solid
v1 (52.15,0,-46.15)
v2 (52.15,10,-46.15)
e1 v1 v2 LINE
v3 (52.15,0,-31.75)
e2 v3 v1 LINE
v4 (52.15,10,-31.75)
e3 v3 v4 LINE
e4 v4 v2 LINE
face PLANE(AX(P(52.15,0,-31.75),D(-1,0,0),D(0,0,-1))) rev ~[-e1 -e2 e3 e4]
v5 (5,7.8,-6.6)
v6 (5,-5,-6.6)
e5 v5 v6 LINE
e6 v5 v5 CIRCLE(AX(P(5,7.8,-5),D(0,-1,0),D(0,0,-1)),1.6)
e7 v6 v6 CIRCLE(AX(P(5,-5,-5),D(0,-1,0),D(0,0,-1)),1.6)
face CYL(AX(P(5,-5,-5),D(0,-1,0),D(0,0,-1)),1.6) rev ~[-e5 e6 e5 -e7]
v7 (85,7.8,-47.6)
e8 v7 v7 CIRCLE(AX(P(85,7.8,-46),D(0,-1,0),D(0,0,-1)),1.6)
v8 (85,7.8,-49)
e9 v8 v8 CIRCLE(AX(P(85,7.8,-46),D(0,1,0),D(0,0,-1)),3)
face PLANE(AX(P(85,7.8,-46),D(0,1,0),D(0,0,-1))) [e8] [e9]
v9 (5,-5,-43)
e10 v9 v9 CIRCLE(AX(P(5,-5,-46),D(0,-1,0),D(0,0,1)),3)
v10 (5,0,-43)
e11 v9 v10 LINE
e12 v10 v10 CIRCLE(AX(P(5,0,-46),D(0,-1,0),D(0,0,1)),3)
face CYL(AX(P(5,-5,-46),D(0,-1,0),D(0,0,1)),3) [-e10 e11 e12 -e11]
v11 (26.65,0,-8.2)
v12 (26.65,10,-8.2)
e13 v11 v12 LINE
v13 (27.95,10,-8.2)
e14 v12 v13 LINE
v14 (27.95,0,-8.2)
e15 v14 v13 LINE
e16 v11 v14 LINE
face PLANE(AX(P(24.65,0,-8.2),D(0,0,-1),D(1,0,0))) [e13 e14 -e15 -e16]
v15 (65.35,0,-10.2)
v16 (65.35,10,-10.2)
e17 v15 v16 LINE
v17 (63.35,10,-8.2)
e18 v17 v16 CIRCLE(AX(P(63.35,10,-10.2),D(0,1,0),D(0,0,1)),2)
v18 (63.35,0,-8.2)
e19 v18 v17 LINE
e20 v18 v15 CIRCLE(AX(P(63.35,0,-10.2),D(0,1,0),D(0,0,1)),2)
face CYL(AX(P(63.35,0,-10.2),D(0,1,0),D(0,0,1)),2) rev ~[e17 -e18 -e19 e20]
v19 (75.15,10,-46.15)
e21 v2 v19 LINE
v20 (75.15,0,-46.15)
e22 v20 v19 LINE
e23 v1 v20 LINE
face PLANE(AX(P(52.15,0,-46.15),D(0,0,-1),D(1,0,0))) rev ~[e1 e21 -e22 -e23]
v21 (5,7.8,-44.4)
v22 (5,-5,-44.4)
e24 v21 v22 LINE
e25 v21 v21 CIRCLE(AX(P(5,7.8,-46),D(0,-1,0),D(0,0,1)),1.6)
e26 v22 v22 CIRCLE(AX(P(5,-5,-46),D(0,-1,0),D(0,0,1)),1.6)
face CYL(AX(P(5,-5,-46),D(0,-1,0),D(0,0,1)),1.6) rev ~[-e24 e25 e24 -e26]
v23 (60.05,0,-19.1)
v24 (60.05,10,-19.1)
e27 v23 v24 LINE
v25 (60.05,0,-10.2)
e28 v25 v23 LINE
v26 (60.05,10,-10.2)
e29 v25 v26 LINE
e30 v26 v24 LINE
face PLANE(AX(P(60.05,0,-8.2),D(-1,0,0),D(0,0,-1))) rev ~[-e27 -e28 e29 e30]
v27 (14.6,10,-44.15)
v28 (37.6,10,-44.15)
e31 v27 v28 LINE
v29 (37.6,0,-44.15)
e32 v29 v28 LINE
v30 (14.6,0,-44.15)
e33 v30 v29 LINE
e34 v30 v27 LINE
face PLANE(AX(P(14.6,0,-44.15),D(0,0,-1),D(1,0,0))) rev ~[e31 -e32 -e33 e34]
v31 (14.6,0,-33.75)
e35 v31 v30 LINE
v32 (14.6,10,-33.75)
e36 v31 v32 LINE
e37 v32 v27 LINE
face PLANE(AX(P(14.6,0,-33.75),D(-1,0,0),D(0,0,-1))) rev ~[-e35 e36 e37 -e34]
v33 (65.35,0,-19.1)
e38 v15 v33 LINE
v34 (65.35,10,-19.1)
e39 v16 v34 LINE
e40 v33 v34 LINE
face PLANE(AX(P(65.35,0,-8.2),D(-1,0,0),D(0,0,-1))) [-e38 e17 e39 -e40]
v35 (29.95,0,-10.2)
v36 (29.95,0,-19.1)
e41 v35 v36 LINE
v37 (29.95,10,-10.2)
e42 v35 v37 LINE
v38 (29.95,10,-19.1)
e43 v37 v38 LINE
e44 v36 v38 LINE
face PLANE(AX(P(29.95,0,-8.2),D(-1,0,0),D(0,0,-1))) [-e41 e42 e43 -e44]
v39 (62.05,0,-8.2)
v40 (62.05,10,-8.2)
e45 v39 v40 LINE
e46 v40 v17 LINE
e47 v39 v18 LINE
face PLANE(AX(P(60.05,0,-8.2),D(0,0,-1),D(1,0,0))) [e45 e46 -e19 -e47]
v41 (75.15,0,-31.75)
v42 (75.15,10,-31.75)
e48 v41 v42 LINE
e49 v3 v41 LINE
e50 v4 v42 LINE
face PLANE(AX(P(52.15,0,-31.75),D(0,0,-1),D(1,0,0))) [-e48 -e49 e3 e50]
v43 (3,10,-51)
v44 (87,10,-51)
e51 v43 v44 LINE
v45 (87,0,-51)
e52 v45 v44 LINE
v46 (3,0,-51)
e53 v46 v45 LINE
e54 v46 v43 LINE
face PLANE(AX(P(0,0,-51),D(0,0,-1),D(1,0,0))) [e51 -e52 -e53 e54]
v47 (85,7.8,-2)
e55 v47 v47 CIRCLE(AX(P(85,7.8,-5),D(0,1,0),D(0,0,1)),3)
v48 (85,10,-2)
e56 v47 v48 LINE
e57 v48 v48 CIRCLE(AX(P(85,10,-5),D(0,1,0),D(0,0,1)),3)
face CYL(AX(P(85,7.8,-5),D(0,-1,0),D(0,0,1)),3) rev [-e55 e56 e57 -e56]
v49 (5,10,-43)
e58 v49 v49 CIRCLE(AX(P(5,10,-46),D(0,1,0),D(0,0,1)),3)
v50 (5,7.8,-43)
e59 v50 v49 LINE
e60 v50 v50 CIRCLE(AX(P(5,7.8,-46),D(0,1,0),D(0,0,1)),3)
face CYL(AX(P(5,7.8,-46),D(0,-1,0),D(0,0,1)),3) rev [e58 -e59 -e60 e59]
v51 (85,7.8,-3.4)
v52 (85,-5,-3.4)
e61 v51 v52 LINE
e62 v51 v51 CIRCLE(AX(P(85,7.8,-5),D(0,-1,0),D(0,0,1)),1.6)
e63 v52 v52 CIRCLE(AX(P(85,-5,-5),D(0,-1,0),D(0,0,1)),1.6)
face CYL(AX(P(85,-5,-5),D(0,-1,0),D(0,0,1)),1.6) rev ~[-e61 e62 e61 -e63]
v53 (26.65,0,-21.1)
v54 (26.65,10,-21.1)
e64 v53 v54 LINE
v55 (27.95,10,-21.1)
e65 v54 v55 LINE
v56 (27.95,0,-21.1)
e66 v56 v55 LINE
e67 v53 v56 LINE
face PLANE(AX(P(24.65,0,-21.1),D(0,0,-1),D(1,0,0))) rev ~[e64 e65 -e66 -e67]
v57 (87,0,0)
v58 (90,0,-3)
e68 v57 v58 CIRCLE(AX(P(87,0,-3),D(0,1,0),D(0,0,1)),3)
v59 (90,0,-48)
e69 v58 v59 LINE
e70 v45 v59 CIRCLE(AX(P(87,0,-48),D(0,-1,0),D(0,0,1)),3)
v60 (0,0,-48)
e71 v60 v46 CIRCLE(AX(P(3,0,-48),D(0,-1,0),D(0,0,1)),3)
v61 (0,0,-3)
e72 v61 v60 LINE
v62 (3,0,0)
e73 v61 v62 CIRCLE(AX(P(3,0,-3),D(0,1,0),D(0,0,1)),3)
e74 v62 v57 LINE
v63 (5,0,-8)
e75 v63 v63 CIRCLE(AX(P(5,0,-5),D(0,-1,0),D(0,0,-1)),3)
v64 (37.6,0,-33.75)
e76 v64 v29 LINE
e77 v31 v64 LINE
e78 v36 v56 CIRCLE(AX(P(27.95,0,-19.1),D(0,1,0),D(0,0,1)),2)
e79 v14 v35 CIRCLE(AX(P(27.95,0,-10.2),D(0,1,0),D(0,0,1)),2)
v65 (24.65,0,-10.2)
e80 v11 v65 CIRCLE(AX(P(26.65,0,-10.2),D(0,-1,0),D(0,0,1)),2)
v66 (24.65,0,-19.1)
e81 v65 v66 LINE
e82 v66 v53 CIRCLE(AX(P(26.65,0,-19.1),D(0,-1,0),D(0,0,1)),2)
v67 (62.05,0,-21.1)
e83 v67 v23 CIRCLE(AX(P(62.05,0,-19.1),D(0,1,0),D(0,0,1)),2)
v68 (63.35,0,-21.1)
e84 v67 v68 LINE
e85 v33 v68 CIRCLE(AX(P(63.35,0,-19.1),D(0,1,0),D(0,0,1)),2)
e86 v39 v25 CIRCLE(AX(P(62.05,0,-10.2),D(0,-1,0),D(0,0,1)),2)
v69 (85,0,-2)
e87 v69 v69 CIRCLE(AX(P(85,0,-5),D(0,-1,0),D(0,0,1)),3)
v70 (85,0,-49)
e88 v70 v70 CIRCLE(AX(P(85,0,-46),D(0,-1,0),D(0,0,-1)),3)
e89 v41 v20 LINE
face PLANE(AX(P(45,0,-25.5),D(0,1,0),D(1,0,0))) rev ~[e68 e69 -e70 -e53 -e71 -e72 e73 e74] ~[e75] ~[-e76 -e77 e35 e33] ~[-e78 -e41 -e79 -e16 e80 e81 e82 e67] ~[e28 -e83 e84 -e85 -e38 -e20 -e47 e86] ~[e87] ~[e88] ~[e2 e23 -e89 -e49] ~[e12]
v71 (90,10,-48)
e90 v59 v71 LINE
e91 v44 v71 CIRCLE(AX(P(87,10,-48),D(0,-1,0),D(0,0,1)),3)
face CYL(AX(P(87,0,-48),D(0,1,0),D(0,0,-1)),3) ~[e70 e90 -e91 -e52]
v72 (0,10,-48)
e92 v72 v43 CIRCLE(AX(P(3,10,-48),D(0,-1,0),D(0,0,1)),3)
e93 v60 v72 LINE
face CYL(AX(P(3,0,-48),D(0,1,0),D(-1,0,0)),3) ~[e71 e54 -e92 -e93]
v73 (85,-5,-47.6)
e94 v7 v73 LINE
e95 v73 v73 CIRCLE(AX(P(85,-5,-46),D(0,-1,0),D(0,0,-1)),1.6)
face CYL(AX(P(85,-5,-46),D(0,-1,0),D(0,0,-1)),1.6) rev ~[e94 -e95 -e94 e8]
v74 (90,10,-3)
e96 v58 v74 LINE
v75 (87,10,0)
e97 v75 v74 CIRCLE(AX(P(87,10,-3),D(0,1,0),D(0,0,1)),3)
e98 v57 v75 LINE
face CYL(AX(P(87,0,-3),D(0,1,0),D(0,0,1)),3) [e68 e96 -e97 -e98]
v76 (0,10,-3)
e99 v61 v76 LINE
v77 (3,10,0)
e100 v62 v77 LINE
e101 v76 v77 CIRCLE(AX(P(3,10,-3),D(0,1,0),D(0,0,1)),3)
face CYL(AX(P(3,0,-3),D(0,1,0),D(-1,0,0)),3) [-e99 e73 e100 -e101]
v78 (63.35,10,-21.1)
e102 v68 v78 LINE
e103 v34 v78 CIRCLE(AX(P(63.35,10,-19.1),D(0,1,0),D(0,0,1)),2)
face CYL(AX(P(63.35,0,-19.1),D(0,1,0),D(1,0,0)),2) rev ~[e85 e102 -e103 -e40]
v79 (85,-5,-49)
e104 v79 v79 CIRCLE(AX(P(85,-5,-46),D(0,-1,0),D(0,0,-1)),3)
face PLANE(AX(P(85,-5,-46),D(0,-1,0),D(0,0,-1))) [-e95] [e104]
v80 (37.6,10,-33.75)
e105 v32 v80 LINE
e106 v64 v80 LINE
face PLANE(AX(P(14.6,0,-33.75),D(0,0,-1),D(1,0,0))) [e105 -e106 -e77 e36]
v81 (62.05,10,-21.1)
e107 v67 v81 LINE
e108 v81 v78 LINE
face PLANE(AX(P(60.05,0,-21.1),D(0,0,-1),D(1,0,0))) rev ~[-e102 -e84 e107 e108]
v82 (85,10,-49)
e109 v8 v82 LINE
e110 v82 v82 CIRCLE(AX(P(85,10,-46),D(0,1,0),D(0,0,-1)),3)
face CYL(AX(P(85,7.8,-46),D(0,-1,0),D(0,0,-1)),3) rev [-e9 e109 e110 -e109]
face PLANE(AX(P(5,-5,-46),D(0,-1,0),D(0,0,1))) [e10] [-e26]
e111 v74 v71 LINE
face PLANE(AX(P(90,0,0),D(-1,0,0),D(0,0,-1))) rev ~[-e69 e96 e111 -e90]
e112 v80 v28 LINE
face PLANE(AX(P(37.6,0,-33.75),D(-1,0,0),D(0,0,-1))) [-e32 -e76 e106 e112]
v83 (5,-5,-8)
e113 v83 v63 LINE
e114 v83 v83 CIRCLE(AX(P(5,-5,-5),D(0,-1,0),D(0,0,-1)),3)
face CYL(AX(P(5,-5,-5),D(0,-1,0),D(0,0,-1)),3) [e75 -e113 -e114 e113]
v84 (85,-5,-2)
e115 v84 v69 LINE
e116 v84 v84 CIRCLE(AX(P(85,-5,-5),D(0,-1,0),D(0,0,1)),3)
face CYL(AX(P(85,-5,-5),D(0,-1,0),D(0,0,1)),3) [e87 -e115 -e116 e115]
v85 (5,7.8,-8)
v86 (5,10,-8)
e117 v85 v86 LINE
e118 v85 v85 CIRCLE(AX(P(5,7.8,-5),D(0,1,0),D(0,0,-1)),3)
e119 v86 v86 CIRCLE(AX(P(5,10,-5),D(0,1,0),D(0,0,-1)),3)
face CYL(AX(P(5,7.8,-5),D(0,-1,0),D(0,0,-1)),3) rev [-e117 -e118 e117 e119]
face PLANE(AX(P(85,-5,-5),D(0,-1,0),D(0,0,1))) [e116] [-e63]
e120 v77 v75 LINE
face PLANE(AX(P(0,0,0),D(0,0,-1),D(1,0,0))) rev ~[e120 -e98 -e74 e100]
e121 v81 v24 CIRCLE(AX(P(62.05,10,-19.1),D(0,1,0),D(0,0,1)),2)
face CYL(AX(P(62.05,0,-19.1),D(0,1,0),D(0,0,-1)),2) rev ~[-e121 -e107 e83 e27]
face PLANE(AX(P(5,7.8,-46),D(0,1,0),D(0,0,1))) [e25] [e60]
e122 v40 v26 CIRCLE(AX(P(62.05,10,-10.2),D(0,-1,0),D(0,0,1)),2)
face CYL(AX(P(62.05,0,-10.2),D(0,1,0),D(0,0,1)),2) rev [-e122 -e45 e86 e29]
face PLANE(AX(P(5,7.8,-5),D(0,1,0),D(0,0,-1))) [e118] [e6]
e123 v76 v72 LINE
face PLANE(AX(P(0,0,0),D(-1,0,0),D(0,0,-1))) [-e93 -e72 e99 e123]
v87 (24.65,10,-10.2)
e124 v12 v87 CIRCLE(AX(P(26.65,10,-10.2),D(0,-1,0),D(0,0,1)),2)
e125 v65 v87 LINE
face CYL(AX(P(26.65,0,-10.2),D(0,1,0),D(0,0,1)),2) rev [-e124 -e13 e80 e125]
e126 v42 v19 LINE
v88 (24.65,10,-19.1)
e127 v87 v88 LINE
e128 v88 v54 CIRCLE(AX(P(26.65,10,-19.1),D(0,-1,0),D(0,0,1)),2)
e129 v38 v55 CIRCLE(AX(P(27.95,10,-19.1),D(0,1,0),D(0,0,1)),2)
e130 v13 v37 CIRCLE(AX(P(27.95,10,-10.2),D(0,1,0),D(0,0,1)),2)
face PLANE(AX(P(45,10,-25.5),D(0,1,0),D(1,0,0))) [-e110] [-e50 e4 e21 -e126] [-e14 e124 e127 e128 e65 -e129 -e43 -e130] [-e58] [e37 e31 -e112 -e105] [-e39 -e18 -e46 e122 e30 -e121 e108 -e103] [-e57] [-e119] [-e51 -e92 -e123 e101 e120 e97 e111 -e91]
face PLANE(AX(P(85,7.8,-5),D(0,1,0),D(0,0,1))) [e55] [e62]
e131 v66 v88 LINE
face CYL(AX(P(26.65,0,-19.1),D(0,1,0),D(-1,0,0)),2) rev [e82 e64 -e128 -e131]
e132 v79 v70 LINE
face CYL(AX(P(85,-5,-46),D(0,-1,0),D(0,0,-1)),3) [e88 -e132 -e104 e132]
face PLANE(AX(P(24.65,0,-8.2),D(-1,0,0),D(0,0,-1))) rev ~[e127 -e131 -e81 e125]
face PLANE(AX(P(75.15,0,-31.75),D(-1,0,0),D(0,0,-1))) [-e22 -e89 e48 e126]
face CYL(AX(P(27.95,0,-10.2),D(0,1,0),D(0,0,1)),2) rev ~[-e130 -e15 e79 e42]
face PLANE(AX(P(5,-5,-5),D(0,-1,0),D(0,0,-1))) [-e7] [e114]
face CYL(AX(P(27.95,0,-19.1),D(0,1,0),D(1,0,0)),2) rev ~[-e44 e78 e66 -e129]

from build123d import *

# Parameters (mm, degrees)
SKETCH_1_W          = 90
SKETCH_1_H          = 51
SKETCH_1_R          = 1.6
SKETCH_1_W_2        = 23
SKETCH_1_H_2        = 10.4
SKETCH_1_H_3        = 14.4
SKETCH_1_W_3        = 5.3
SKETCH_1_H_4        = 12.9
EXTRUDE_1_DEPTH     = 10
FILLET_1_R          = 2
EXTRUDE_START       = 5
SKETCH_2_R          = 3
SKETCH_2_R_2        = 1.6
EXTRUDE_2_DEPTH     = 5
FILLET_2_R          = 3
CUT_EXTRUDE_START   = -2.2
SKETCH_3_R          = 3
CUT_EXTRUDE_1_DEPTH = 2.2


with BuildPart() as part:
    # ｽｹｯﾁ1 → ﾎﾞｽ - 押し出し1 (new body)
    with BuildSketch(Plane(origin=(0, 0, 0), x_dir=(1, 0, 0), z_dir=(0, 1, 0))):
        with Locations((45, 25.5)):
            Rectangle(SKETCH_1_W, SKETCH_1_H)
        with Locations(Location((5, 46, 0), (0, 0, 270))):
            Circle(SKETCH_1_R, mode=Mode.SUBTRACT)
        with Locations(Location((85, 46, 0), (0, 0, 90))):
            Circle(SKETCH_1_R, mode=Mode.SUBTRACT)
        with Locations(Location((85, 5, 0), (0, 0, 270))):
            Circle(SKETCH_1_R, mode=Mode.SUBTRACT)
        with Locations(Location((5, 5, 0), (0, 0, 90))):
            Circle(SKETCH_1_R, mode=Mode.SUBTRACT)
        with Locations((26.1, 38.95)):
            Rectangle(SKETCH_1_W_2, SKETCH_1_H_2, mode=Mode.SUBTRACT)
        with Locations((63.65, 38.95)):
            Rectangle(SKETCH_1_W_2, SKETCH_1_H_3, mode=Mode.SUBTRACT)
        with Locations((27.3, 14.65)):
            Rectangle(SKETCH_1_W_3, SKETCH_1_H_4, mode=Mode.SUBTRACT)
        with Locations((62.7, 14.65)):
            Rectangle(SKETCH_1_W_3, SKETCH_1_H_4, mode=Mode.SUBTRACT)
    extrude(amount=EXTRUDE_1_DEPTH)

    # ﾌｨﾚｯﾄ1
    fillet_1_edges = [part.edges().sort_by_distance(p)[0] for p in [
        (60.05, 5, -21.1),
        (60.05, 5, -8.2),
        (65.35, 5, -8.2),
        (65.35, 5, -21.1),
        (29.95, 5, -21.1),
        (24.65, 5, -21.1),
        (24.65, 5, -8.2),
        (29.95, 5, -8.2),
    ]]
    fillet(fillet_1_edges, radius=FILLET_1_R)

    # ｽｹｯﾁ2 → ﾎﾞｽ - 押し出し2 (add)
    # profile 1 of 4: a face of its own
    with BuildSketch(Plane.XZ.offset(EXTRUDE_START)):
        with Locations(Location((5, -5, 0), (0, 0, 270))):
            Circle(SKETCH_2_R)
        with Locations(Location((5, -5, 0), (0, 0, 270))):
            Circle(SKETCH_2_R_2, mode=Mode.SUBTRACT)
    # profile 2 of 4: a face of its own
    with BuildSketch(Plane.XZ.offset(EXTRUDE_START)):
        with Locations(Location((85, -5, 0), (0, 0, 90))):
            Circle(SKETCH_2_R)
        with Locations(Location((85, -5, 0), (0, 0, 90))):
            Circle(SKETCH_2_R_2, mode=Mode.SUBTRACT)
    # profile 3 of 4: a face of its own
    with BuildSketch(Plane.XZ.offset(EXTRUDE_START)):
        with Locations(Location((85, -46, 0), (0, 0, 270))):
            Circle(SKETCH_2_R)
        with Locations(Location((85, -46, 0), (0, 0, 270))):
            Circle(SKETCH_2_R_2, mode=Mode.SUBTRACT)
    # profile 4 of 4: a face of its own
    with BuildSketch(Plane.XZ.offset(EXTRUDE_START)):
        with Locations(Location((5, -46, 0), (0, 0, 90))):
            Circle(SKETCH_2_R)
        with Locations(Location((5, -46, 0), (0, 0, 90))):
            Circle(SKETCH_2_R_2, mode=Mode.SUBTRACT)
    extrude(amount=-EXTRUDE_2_DEPTH)

    # ﾌｨﾚｯﾄ2
    fillet_2_edges = [part.edges().sort_by_distance(p)[0] for p in [
        (0, 5, -51),
        (90, 5, -51),
        (90, 5, 0),
        (0, 5, 0),
    ]]
    fillet(fillet_2_edges, radius=FILLET_2_R)

    # ｽｹｯﾁ3 → ｶｯﾄ - 押し出し1 (cut)
    with BuildSketch(Plane(origin=(0, 10, 0), x_dir=(1, 0, 0), z_dir=(0, 1, 0)).offset(CUT_EXTRUDE_START)):
        with Locations(Location((5, 46, 0), (0, 0, 270))):
            Circle(SKETCH_3_R)
        with Locations(Location((85, 46, 0), (0, 0, 90))):
            Circle(SKETCH_3_R)
        with Locations(Location((85, 5, 0), (0, 0, 270))):
            Circle(SKETCH_3_R)
        with Locations(Location((5, 5, 0), (0, 0, 90))):
            Circle(SKETCH_3_R)
    extrude(amount=CUT_EXTRUDE_1_DEPTH, mode=Mode.SUBTRACT)


solid = part.part
